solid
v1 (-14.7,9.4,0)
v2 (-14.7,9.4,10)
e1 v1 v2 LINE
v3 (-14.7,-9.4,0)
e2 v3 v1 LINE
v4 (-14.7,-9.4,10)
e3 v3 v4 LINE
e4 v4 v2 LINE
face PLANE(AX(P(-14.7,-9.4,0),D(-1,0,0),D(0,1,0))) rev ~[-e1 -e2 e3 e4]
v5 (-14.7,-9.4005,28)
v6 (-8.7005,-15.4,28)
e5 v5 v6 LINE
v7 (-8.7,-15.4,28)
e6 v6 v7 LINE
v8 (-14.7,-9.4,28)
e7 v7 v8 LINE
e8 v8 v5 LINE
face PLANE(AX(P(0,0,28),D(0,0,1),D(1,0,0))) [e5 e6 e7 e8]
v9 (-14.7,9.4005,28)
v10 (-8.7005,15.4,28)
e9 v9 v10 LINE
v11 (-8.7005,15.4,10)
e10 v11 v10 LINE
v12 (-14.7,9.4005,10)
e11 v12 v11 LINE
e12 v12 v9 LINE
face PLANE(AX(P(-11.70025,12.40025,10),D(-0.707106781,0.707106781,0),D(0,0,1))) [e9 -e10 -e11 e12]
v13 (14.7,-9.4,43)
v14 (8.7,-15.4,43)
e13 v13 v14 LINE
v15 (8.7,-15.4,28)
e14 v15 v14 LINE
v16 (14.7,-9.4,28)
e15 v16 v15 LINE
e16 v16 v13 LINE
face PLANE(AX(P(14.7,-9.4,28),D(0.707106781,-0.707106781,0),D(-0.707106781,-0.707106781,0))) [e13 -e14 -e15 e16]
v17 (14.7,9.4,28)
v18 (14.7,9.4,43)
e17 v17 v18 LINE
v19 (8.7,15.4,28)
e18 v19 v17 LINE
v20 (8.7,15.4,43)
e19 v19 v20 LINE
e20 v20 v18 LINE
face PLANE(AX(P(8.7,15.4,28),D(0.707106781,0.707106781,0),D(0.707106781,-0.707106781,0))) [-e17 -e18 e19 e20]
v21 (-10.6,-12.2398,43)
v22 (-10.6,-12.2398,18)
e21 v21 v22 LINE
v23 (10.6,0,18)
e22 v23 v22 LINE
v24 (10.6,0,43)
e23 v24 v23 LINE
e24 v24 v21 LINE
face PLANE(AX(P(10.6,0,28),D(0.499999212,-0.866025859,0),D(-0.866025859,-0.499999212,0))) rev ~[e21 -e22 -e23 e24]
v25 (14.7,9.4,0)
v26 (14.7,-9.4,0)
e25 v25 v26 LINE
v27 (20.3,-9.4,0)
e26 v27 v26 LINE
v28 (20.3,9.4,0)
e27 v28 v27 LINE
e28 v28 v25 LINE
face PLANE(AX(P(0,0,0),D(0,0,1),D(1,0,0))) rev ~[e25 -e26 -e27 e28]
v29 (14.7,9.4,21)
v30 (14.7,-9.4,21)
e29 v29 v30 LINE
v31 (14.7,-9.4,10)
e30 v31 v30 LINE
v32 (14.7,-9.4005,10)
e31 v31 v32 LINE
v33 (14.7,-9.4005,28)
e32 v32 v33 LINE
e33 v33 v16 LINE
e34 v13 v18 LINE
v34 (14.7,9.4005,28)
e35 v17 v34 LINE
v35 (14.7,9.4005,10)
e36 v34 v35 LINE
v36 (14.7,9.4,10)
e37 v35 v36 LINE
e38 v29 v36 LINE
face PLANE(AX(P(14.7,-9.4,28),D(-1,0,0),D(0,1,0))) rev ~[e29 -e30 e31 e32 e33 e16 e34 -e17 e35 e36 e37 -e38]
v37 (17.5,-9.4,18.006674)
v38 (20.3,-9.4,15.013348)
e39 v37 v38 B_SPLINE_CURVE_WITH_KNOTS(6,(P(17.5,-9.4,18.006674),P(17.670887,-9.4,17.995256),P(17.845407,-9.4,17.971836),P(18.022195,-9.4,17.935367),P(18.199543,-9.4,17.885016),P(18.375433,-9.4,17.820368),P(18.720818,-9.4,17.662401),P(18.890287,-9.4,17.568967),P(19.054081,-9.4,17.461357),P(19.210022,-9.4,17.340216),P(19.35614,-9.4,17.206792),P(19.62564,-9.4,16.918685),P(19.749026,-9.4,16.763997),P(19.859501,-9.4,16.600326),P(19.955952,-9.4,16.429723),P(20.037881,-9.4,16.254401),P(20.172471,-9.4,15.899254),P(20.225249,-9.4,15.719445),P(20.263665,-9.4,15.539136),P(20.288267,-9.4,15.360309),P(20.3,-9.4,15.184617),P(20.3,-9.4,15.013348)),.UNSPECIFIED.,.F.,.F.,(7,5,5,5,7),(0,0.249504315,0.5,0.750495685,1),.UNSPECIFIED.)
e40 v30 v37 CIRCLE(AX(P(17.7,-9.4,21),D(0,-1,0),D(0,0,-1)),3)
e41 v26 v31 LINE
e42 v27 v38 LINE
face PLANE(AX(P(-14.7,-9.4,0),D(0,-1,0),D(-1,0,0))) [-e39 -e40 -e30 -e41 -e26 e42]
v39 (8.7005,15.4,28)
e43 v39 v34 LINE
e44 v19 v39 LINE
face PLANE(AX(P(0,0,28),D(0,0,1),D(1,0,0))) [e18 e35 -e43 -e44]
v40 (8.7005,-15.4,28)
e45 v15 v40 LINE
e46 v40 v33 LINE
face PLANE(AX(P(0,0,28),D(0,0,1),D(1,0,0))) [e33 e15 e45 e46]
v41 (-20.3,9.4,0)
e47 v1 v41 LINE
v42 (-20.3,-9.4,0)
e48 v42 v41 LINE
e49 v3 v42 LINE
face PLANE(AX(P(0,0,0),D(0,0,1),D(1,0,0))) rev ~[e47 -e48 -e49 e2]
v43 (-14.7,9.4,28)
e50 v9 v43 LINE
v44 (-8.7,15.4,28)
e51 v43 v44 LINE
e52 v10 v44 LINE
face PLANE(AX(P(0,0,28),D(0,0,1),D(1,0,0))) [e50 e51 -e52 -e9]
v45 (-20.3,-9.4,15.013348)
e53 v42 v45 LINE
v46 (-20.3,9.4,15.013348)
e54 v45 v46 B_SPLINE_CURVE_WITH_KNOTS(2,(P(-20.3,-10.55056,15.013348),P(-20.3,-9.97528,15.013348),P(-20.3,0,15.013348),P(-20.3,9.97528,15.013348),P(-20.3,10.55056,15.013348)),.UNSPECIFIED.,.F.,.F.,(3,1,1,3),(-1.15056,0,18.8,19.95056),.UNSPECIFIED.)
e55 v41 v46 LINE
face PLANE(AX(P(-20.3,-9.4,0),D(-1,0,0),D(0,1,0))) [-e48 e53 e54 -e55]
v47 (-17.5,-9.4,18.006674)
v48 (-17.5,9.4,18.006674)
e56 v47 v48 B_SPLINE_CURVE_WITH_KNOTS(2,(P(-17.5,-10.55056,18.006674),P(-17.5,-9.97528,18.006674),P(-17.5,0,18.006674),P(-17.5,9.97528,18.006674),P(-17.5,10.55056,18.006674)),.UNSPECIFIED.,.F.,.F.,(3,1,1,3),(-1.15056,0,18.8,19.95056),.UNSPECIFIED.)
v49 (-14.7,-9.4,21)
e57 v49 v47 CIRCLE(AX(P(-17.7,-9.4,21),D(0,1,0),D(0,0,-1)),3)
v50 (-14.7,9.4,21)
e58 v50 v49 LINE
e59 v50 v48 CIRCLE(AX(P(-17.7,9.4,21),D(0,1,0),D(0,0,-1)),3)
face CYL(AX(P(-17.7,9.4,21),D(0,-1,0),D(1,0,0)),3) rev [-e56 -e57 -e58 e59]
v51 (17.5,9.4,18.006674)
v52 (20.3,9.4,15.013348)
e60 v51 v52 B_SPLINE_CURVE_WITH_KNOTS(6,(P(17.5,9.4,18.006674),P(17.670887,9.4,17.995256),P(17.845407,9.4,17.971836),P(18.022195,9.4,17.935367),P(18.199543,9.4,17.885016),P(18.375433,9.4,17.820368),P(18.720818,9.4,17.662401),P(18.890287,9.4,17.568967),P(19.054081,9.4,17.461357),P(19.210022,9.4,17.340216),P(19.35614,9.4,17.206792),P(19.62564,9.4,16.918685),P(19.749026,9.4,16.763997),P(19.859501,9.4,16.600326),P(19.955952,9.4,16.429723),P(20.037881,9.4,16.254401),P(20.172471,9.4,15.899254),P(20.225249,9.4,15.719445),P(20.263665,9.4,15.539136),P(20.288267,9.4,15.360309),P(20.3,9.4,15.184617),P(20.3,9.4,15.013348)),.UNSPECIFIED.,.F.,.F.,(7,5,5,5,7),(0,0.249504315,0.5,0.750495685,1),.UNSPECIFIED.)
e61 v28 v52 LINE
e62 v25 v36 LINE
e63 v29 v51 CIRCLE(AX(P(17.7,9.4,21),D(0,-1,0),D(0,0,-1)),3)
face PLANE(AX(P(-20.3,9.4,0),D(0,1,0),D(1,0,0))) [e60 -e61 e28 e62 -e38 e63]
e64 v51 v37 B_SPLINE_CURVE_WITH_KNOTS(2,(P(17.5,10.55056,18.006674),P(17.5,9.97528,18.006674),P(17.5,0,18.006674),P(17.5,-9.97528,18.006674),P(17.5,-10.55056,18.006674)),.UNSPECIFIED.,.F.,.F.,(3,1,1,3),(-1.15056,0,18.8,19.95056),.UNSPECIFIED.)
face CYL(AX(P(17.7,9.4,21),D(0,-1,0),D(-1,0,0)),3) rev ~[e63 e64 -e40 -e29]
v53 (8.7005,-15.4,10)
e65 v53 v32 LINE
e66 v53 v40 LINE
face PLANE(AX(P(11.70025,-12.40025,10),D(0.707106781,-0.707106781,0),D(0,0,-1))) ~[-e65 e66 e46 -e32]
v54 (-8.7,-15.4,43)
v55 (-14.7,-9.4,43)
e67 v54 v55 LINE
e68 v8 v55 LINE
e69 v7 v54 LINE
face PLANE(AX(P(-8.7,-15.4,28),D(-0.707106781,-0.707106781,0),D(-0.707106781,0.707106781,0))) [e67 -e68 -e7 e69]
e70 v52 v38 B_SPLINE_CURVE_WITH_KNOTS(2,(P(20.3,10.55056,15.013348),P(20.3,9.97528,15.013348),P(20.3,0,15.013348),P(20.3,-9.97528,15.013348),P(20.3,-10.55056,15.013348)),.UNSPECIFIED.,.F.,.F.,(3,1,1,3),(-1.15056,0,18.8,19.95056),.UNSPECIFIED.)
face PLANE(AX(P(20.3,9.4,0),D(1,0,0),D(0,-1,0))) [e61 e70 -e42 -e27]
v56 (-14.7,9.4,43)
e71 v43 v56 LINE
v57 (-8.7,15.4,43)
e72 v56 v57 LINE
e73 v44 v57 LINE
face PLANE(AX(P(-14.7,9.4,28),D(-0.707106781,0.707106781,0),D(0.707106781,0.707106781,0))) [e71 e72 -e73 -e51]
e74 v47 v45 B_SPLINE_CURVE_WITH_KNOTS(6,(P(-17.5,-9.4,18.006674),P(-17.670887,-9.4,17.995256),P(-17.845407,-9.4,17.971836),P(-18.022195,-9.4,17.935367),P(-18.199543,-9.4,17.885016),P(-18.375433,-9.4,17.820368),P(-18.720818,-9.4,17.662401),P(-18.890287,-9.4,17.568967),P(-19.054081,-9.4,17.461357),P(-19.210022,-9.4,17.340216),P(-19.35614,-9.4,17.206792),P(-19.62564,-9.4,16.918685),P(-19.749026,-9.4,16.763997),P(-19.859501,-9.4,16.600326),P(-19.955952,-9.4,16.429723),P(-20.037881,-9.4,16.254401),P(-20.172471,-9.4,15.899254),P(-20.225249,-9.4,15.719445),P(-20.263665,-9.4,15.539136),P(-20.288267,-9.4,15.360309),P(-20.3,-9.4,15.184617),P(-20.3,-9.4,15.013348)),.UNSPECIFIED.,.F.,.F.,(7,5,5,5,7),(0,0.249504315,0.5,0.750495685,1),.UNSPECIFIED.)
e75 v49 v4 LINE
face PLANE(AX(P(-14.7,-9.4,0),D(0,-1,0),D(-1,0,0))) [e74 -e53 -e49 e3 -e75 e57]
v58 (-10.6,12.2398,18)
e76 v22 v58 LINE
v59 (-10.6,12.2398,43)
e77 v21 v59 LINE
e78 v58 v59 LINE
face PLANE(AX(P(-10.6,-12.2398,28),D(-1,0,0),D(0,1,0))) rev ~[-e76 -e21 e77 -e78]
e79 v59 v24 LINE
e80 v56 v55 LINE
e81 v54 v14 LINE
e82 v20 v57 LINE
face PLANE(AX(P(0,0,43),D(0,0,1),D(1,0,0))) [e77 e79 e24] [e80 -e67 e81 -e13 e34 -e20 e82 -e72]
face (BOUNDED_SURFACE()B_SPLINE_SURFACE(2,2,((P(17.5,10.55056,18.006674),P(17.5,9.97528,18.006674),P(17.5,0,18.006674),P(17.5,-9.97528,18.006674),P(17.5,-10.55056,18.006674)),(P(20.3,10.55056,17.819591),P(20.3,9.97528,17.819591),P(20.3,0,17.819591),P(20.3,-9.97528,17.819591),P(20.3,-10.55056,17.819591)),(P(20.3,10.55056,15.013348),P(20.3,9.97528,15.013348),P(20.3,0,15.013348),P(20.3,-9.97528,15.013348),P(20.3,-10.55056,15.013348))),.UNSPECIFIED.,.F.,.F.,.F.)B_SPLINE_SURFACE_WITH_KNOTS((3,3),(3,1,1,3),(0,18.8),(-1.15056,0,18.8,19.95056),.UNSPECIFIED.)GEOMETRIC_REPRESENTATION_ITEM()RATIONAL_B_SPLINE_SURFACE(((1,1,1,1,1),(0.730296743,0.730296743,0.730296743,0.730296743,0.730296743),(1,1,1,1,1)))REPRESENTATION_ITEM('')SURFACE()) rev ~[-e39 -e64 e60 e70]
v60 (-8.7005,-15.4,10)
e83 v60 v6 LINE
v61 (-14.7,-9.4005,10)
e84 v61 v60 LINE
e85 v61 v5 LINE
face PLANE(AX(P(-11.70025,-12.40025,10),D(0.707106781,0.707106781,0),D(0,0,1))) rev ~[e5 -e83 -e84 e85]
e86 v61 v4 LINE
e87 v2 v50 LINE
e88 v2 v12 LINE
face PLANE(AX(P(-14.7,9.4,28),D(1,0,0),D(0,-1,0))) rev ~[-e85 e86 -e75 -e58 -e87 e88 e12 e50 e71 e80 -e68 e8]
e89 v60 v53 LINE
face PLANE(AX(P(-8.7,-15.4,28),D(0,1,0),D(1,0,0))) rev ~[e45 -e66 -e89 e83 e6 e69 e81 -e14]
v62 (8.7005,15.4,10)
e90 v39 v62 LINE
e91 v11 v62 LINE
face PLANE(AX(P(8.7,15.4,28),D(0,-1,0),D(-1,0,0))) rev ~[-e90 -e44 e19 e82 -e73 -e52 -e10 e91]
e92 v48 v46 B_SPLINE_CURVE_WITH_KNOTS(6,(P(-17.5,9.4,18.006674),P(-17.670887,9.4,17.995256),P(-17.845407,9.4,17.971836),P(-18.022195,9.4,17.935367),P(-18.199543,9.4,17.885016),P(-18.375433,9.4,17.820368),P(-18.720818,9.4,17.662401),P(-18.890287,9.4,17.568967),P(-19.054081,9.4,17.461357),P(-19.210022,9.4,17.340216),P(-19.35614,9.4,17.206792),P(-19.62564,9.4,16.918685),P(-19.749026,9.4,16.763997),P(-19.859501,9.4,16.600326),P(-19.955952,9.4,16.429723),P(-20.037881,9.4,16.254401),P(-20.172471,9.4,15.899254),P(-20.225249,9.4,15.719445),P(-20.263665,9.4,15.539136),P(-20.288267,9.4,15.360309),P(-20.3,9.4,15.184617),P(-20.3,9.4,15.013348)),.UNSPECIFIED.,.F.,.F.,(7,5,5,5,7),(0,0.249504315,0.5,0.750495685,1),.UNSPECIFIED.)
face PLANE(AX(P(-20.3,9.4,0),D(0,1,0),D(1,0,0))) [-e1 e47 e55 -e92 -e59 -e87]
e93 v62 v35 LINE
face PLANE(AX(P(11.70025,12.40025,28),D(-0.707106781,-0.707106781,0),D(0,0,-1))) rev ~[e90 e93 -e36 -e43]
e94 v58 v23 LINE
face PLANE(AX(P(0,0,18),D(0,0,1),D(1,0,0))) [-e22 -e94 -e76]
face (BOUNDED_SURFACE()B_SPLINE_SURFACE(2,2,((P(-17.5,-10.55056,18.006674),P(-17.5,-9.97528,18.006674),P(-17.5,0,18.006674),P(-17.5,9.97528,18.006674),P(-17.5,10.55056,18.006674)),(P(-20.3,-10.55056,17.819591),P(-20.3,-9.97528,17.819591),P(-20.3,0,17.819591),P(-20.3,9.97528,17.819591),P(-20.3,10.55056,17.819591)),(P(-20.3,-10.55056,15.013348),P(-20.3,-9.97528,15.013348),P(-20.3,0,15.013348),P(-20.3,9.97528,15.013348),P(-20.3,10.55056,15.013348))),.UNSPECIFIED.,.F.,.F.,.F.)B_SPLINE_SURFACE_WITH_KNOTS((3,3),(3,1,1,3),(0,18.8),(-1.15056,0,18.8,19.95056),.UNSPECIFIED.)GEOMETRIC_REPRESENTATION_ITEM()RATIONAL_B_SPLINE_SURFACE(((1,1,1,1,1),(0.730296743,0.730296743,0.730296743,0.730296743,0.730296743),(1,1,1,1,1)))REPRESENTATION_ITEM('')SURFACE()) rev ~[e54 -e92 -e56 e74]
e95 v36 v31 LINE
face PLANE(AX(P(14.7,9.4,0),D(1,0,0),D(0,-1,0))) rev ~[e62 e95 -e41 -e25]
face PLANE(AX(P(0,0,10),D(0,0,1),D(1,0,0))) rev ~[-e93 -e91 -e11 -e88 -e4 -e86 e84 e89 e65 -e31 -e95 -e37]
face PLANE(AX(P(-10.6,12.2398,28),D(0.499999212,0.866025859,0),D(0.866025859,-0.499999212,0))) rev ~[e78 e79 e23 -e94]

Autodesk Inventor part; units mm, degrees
ref_plane "YZ Plane" through (0, 0, 0) normal (1, 0, 0) x (0, 1, 0)
ref_plane "XZ Plane" through (0, 0, 0) normal (0, 1, 0) x (-1, 0, 0)
ref_plane "XY Plane" through (0, 0, 0) normal (0, 0, 1) x (1, 0, 0)
sketch "Sketch1" plane through (0, 0, 0) normal (0, 0, 1) x (1, 0, 0)
  line L0 (-20.3, 9.4) -> (20.3, 9.4)
  line L1 (20.3, 9.4) -> (20.3, -9.4)
  line L2 (20.3, -9.4) -> (-20.3, -9.4)
  line L3 (-20.3, -9.4) -> (-20.3, 9.4)
  line L4 (-14.7, 9.4) -> (14.7, 9.4)
  line L5 (14.7, 9.4) -> (14.7, -9.4)
  line L6 (14.7, -9.4) -> (-14.7, -9.4)
  line L7 (-14.7, -9.4) -> (-14.7, 9.4)
  point P0 (0, 0)
  point P1 (14.7, 9.4)
  dimension "d0" = 29.4
  dimension "d1" = 18.8
  dimension "d2" = 9.4
  dimension "d3" = 14.7
  dimension "d4" = 5.6
  dimension "d5" = 5.6
extrude "Extrusion1" add sketch "Sketch1" along normal blind 18
extrude "Extrusion2" cut sketch "Sketch1" along normal blind 10 contours L0 L5 L2 L7
sketch "Sketch2" plane through (0, 0, 18) normal (0, 0, 1) x (1, 0, 0)
  line L0 (10.6, 0) -> (-10.6, 12.2398)
  line L1 (-10.6, 12.2398) -> (-10.6, -12.2398)
  line L2 (14.7, 9.4) -> (-14.7, 9.4) projected
  line L3 (-10.6, -12.2398) -> (10.6, 0)
  line L4 (-20.3, 9.4) -> (-20.3, -9.4) projected
  line L5 (14.7, -9.4) -> (14.7, 9.4) projected
  line L6 (-14.7, 9.4) -> (-14.7, -9.4) projected
  line L7 (14.7, -9.4) -> (-14.7, -9.4)
  line L8 (-14.7, -9.4) -> (-14.7, -15.4)
  line L9 (-14.7, -15.4) -> (14.7, -15.4)
  line L10 (14.7, -15.4) -> (14.7, -9.4)
  line L11 (14.7, 9.4) -> (-14.7, 9.4)
  line L12 (-14.7, 9.4) -> (-14.7, 15.4)
  line L13 (-14.7, 15.4) -> (14.7, 15.4)
  line L14 (14.7, 15.4) -> (14.7, 9.4)
  point P0 (0, 0)
  point P1 (-10.6, 0)
  point P2 (0, -6.1199)
  point P3 (0, 6.1199)
  point P4 (-14.7, 9.4)
  point P5 (-14.7, -9.4)
  point P6 (-5.6813, -9.4)
  point P7 (-10.6, -9.4)
  point P8 (-10.6, 9.4)
  point P9 (-5.6813, 9.4)
  dimension "d17" = 21.2
  dimension "d18" = 0
  dimension "d19" = 21.2
  dimension "d20" = 21.2
  dimension "d21" = 10.6
  dimension "d25" = 6
  dimension "d26" = 6
  dimension "d27" = 0
  dimension "d28" = 0
extrude "Extrusion3" add sketch "Sketch2" along normal blind 10 and the other way blind 8 contours L0 L2 L5 L7 L3 | L0 L1 L2 L12 L13 L14 | L7 L10 L9 L8 L1 L3 | L1 L7 L6 L2
extrude "Extrusion4" add sketch "Sketch2" against normal blind 8 contours L2 L1 L0 | L3 L1 L7
chamfer "Chamfer1" distance 6 angle 45 4 edges at (-14.7, 15.4, 19) (-14.7, -15.4, 19) (14.7, -15.4, 19) (14.7, 15.4, 19)
fillet "Fillet1" radius 3 4 edges at (14.7, 0, 18) (-14.7, 0, 18) (-20.3, 0, 18) (20.3, 0, 18)
sketch "Sketch4" plane through (0, 0, 28) normal (0, 0, 1) x (1, 0, 0)
  line L0 (8.7, 15.4) -> (14.7, 9.4) projected
  line L1 (8.7, 15.4) -> (-8.7, 15.4) projected
  line L2 (-14.7, 9.4) -> (-8.7, 15.4) projected
  line L3 (-14.7, 9.4) -> (-14.7, -9.4) projected
  line L4 (-8.7, -15.4) -> (-14.7, -9.4) projected
  line L5 (-8.7, -15.4) -> (8.7, -15.4) projected
  line L6 (14.7, -9.4) -> (8.7, -15.4) projected
  line L7 (14.7, -9.4) -> (14.7, 9.4) projected
  line L8 (-10.6, 12.2398) -> (10.6, 0) projected
  line L9 (10.6, 0) -> (-10.6, -12.2398) projected
  line L10 (-10.6, -12.2398) -> (-10.6, 12.2398) projected
  point P0 (0, 0)
extrude "Extrusion5" add sketch "Sketch4" along normal blind 15
equation "\"d2\" = 0.5 * d1"
equation "\"d3\" = 0.5 * d0"
equation "\"d5\" = d4"
properties part number "CameraSupportTemp"
